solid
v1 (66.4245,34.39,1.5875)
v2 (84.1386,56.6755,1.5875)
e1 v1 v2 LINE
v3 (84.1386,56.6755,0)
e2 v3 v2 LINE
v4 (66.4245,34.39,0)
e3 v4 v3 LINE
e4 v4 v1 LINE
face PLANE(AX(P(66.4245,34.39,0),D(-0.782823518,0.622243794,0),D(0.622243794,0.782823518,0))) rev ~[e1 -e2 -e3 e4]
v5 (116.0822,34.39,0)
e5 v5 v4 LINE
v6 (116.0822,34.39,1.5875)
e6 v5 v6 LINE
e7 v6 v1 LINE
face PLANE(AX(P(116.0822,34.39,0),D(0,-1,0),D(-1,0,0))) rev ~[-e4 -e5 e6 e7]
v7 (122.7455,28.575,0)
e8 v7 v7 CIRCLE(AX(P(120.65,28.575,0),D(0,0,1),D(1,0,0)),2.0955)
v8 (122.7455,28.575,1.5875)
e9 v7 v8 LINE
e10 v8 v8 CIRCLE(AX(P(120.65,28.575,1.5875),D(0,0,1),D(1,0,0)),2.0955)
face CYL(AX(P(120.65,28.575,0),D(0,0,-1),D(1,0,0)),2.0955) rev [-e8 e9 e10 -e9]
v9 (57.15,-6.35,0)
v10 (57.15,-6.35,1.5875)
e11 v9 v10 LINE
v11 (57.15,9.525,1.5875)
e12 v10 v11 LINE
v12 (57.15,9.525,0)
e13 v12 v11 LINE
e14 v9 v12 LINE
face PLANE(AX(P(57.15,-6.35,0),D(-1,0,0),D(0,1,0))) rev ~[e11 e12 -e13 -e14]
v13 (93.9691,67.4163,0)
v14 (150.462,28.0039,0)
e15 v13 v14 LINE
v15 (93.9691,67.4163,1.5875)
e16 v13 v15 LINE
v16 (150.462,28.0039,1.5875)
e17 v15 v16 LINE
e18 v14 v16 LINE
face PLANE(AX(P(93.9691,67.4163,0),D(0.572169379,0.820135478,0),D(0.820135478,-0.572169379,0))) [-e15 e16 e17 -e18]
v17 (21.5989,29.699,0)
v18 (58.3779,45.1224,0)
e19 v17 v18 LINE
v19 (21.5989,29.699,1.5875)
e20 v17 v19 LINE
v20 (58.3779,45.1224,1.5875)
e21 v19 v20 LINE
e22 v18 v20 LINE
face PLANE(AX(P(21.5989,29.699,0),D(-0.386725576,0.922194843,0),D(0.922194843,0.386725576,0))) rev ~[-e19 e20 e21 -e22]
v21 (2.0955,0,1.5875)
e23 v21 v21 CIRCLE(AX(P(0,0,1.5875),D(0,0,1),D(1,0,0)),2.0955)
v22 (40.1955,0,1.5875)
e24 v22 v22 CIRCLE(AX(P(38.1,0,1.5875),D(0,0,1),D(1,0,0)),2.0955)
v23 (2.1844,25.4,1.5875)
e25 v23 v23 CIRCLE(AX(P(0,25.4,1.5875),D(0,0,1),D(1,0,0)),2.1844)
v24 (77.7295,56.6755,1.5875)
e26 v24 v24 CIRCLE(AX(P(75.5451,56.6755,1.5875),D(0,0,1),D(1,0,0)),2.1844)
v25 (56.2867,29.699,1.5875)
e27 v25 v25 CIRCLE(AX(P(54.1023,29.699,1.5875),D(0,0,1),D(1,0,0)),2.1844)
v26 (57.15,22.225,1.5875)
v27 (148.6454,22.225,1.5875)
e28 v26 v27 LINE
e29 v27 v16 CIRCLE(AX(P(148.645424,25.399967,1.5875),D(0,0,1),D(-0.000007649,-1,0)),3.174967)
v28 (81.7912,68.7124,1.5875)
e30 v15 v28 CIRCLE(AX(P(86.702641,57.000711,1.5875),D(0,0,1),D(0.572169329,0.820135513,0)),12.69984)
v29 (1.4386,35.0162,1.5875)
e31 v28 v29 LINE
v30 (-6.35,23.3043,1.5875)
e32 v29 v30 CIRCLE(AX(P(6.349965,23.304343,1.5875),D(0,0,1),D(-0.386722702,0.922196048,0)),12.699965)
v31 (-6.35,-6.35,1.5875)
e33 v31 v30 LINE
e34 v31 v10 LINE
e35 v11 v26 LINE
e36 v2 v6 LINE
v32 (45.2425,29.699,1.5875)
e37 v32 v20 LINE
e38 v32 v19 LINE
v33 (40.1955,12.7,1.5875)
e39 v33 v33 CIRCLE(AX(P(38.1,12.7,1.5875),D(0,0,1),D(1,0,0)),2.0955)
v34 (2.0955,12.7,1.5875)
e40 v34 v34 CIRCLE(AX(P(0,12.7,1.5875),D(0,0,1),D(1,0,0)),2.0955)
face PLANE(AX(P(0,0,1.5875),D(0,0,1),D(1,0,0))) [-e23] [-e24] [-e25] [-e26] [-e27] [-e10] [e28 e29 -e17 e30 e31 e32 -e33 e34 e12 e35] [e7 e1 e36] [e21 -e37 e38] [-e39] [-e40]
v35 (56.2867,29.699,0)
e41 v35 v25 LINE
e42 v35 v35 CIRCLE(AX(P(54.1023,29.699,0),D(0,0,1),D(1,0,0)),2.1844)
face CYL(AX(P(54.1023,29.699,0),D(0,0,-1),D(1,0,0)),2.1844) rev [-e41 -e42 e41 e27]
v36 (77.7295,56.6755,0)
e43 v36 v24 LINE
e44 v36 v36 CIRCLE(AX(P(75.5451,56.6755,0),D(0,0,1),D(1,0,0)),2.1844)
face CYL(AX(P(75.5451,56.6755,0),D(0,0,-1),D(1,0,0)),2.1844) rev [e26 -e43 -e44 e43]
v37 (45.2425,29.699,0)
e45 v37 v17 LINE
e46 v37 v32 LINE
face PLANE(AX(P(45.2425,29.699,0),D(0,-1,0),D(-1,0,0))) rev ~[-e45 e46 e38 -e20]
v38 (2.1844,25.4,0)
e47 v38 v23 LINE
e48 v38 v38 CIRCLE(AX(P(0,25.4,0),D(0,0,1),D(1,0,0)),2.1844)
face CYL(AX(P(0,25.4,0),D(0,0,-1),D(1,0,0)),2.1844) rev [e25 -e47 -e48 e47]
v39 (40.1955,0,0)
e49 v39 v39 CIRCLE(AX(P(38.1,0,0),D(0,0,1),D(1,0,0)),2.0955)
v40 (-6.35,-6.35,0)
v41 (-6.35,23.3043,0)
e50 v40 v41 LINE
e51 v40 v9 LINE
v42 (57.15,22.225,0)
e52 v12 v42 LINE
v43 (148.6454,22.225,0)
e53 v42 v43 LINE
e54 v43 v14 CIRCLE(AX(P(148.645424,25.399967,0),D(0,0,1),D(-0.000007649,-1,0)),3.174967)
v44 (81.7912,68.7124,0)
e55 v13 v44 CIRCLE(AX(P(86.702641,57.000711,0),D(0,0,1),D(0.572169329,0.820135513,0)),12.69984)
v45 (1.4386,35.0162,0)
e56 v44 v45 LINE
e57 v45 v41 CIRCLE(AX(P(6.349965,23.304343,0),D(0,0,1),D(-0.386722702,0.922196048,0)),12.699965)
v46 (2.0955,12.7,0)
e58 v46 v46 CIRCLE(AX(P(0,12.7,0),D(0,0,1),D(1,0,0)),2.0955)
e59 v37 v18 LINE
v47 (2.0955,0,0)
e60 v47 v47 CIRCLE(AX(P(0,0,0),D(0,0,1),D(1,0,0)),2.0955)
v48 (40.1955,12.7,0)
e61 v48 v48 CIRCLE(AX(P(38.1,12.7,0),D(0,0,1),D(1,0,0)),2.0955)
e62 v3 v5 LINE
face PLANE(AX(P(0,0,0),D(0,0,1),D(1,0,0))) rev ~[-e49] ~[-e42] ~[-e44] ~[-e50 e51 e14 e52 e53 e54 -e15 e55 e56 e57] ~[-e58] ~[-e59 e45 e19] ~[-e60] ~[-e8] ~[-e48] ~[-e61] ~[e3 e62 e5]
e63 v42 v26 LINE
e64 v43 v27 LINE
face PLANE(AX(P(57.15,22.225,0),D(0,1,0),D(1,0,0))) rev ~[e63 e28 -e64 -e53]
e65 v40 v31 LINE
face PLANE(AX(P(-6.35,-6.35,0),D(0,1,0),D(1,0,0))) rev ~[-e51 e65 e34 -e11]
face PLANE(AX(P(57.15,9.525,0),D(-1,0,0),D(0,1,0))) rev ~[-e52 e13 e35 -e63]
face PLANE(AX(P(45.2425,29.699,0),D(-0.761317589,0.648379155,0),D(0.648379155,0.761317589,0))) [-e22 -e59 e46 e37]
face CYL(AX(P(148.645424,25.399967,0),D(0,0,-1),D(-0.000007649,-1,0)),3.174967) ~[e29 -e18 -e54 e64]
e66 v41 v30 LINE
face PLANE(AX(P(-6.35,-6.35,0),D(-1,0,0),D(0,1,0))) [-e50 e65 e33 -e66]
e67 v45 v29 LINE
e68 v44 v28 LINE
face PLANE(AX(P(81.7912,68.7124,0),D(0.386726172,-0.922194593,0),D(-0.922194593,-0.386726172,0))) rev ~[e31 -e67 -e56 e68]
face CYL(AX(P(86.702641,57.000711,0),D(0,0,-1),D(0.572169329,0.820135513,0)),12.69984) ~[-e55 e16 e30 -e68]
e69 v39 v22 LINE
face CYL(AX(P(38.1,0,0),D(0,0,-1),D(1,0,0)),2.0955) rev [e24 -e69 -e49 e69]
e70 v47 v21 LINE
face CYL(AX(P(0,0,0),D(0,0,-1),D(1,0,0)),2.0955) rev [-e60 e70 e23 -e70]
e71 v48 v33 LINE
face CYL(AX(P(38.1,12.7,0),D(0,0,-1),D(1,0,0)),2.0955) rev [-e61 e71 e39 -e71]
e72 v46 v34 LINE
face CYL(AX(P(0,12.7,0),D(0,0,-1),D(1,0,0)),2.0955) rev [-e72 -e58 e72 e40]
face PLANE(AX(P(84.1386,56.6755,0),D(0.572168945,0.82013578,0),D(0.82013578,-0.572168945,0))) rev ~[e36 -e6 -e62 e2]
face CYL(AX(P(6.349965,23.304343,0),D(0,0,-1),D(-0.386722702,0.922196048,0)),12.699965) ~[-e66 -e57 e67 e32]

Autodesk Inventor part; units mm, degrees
ref_plane "YZ Plane" through (0, 0, 0) normal (1, 0, 0) x (0, 1, 0)
ref_plane "XZ Plane" through (0, 0, 0) normal (0, 1, 0) x (-1, 0, 0)
ref_plane "XY Plane" through (0, 0, 0) normal (0, 0, 1) x (1, 0, 0)
sketch "Sketch1" plane through (0, 0, 0) normal (0, 0, 1) x (1, 0, 0)
  circle A0 centre (0, 0) radius 2.0955
  circle A1 centre (0, 12.7) radius 2.0955
  line L0 (-6.35, -6.35) -> (-6.35, 23.3043)
  line L1 (81.7912, 68.7124) -> (1.4386, 35.0162)
  line L2 (57.15, -6.35) -> (57.15, 9.525)
  line L3 (-6.35, -6.35) -> (57.15, -6.35)
  line L4 (57.15, 22.225) -> (148.6454, 22.225)
  circle A2 centre (0, 25.4) radius 2.1844
  arc A3 (1.4386, 35.0162) -> (-6.35, 23.3043) centre (6.35, 23.3043) ccw
  line L5 (57.15, -6.35) -> (57.15, 22.225)
  line L6 (45.2425, 29.699) -> (58.3779, 45.1224)
  line L7 (66.4245, 34.39) -> (84.1386, 56.6755)
  line L8 (84.1386, 56.6755) -> (116.0822, 34.39)
  line L9 (93.9691, 67.4163) -> (150.462, 28.0039)
  line L10 (116.0822, 34.39) -> (66.4245, 34.39)
  line L11 (45.2425, 29.699) -> (21.5989, 29.699)
  line L12 (21.5989, 29.699) -> (58.3779, 45.1224)
  circle A4 centre (75.5451, 56.6755) radius 2.1844
  circle A5 centre (54.1023, 29.699) radius 2.1844
  circle A6 centre (38.1, 0) radius 2.0955
  circle A7 centre (38.1, 12.7) radius 2.0955
  circle A8 centre (120.65, 28.575) radius 2.0955
  arc A9 (148.6454, 22.225) -> (150.462, 28.0039) centre (148.6454, 25.4) ccw
  arc A10 (93.9691, 67.4163) -> (81.7912, 68.7124) centre (86.7026, 57.0006) ccw
  point P0 (-6.35, 31.75)
  point P1 (146.05, 22.225)
  point P2 (82.55, 22.225)
  point P3 (126.3723, 44.8101)
  point P4 (100.0585, 63.168)
  point P5 (57.15, 9.525)
  dimension "d8" = 4.191
  dimension "d9" = 4.191
  dimension "d11" = 38.1
  dimension "d22" = 63.5
  dimension "d27" = 4.3688
  dimension "d28" = 12.7
  dimension "d35" = 28.575
  dimension "d98" = 4.3688
  dimension "d99" = 4.3688
  dimension "d100" = 4.191
  dimension "d101" = 4.191
  dimension "d105" = 3.175
  dimension "d106" = 12.7
extrude "Extrusion1" add sketch "Sketch1" along normal blind 1.5875
properties part number "plate_right" material "Acetal Resin, White"
